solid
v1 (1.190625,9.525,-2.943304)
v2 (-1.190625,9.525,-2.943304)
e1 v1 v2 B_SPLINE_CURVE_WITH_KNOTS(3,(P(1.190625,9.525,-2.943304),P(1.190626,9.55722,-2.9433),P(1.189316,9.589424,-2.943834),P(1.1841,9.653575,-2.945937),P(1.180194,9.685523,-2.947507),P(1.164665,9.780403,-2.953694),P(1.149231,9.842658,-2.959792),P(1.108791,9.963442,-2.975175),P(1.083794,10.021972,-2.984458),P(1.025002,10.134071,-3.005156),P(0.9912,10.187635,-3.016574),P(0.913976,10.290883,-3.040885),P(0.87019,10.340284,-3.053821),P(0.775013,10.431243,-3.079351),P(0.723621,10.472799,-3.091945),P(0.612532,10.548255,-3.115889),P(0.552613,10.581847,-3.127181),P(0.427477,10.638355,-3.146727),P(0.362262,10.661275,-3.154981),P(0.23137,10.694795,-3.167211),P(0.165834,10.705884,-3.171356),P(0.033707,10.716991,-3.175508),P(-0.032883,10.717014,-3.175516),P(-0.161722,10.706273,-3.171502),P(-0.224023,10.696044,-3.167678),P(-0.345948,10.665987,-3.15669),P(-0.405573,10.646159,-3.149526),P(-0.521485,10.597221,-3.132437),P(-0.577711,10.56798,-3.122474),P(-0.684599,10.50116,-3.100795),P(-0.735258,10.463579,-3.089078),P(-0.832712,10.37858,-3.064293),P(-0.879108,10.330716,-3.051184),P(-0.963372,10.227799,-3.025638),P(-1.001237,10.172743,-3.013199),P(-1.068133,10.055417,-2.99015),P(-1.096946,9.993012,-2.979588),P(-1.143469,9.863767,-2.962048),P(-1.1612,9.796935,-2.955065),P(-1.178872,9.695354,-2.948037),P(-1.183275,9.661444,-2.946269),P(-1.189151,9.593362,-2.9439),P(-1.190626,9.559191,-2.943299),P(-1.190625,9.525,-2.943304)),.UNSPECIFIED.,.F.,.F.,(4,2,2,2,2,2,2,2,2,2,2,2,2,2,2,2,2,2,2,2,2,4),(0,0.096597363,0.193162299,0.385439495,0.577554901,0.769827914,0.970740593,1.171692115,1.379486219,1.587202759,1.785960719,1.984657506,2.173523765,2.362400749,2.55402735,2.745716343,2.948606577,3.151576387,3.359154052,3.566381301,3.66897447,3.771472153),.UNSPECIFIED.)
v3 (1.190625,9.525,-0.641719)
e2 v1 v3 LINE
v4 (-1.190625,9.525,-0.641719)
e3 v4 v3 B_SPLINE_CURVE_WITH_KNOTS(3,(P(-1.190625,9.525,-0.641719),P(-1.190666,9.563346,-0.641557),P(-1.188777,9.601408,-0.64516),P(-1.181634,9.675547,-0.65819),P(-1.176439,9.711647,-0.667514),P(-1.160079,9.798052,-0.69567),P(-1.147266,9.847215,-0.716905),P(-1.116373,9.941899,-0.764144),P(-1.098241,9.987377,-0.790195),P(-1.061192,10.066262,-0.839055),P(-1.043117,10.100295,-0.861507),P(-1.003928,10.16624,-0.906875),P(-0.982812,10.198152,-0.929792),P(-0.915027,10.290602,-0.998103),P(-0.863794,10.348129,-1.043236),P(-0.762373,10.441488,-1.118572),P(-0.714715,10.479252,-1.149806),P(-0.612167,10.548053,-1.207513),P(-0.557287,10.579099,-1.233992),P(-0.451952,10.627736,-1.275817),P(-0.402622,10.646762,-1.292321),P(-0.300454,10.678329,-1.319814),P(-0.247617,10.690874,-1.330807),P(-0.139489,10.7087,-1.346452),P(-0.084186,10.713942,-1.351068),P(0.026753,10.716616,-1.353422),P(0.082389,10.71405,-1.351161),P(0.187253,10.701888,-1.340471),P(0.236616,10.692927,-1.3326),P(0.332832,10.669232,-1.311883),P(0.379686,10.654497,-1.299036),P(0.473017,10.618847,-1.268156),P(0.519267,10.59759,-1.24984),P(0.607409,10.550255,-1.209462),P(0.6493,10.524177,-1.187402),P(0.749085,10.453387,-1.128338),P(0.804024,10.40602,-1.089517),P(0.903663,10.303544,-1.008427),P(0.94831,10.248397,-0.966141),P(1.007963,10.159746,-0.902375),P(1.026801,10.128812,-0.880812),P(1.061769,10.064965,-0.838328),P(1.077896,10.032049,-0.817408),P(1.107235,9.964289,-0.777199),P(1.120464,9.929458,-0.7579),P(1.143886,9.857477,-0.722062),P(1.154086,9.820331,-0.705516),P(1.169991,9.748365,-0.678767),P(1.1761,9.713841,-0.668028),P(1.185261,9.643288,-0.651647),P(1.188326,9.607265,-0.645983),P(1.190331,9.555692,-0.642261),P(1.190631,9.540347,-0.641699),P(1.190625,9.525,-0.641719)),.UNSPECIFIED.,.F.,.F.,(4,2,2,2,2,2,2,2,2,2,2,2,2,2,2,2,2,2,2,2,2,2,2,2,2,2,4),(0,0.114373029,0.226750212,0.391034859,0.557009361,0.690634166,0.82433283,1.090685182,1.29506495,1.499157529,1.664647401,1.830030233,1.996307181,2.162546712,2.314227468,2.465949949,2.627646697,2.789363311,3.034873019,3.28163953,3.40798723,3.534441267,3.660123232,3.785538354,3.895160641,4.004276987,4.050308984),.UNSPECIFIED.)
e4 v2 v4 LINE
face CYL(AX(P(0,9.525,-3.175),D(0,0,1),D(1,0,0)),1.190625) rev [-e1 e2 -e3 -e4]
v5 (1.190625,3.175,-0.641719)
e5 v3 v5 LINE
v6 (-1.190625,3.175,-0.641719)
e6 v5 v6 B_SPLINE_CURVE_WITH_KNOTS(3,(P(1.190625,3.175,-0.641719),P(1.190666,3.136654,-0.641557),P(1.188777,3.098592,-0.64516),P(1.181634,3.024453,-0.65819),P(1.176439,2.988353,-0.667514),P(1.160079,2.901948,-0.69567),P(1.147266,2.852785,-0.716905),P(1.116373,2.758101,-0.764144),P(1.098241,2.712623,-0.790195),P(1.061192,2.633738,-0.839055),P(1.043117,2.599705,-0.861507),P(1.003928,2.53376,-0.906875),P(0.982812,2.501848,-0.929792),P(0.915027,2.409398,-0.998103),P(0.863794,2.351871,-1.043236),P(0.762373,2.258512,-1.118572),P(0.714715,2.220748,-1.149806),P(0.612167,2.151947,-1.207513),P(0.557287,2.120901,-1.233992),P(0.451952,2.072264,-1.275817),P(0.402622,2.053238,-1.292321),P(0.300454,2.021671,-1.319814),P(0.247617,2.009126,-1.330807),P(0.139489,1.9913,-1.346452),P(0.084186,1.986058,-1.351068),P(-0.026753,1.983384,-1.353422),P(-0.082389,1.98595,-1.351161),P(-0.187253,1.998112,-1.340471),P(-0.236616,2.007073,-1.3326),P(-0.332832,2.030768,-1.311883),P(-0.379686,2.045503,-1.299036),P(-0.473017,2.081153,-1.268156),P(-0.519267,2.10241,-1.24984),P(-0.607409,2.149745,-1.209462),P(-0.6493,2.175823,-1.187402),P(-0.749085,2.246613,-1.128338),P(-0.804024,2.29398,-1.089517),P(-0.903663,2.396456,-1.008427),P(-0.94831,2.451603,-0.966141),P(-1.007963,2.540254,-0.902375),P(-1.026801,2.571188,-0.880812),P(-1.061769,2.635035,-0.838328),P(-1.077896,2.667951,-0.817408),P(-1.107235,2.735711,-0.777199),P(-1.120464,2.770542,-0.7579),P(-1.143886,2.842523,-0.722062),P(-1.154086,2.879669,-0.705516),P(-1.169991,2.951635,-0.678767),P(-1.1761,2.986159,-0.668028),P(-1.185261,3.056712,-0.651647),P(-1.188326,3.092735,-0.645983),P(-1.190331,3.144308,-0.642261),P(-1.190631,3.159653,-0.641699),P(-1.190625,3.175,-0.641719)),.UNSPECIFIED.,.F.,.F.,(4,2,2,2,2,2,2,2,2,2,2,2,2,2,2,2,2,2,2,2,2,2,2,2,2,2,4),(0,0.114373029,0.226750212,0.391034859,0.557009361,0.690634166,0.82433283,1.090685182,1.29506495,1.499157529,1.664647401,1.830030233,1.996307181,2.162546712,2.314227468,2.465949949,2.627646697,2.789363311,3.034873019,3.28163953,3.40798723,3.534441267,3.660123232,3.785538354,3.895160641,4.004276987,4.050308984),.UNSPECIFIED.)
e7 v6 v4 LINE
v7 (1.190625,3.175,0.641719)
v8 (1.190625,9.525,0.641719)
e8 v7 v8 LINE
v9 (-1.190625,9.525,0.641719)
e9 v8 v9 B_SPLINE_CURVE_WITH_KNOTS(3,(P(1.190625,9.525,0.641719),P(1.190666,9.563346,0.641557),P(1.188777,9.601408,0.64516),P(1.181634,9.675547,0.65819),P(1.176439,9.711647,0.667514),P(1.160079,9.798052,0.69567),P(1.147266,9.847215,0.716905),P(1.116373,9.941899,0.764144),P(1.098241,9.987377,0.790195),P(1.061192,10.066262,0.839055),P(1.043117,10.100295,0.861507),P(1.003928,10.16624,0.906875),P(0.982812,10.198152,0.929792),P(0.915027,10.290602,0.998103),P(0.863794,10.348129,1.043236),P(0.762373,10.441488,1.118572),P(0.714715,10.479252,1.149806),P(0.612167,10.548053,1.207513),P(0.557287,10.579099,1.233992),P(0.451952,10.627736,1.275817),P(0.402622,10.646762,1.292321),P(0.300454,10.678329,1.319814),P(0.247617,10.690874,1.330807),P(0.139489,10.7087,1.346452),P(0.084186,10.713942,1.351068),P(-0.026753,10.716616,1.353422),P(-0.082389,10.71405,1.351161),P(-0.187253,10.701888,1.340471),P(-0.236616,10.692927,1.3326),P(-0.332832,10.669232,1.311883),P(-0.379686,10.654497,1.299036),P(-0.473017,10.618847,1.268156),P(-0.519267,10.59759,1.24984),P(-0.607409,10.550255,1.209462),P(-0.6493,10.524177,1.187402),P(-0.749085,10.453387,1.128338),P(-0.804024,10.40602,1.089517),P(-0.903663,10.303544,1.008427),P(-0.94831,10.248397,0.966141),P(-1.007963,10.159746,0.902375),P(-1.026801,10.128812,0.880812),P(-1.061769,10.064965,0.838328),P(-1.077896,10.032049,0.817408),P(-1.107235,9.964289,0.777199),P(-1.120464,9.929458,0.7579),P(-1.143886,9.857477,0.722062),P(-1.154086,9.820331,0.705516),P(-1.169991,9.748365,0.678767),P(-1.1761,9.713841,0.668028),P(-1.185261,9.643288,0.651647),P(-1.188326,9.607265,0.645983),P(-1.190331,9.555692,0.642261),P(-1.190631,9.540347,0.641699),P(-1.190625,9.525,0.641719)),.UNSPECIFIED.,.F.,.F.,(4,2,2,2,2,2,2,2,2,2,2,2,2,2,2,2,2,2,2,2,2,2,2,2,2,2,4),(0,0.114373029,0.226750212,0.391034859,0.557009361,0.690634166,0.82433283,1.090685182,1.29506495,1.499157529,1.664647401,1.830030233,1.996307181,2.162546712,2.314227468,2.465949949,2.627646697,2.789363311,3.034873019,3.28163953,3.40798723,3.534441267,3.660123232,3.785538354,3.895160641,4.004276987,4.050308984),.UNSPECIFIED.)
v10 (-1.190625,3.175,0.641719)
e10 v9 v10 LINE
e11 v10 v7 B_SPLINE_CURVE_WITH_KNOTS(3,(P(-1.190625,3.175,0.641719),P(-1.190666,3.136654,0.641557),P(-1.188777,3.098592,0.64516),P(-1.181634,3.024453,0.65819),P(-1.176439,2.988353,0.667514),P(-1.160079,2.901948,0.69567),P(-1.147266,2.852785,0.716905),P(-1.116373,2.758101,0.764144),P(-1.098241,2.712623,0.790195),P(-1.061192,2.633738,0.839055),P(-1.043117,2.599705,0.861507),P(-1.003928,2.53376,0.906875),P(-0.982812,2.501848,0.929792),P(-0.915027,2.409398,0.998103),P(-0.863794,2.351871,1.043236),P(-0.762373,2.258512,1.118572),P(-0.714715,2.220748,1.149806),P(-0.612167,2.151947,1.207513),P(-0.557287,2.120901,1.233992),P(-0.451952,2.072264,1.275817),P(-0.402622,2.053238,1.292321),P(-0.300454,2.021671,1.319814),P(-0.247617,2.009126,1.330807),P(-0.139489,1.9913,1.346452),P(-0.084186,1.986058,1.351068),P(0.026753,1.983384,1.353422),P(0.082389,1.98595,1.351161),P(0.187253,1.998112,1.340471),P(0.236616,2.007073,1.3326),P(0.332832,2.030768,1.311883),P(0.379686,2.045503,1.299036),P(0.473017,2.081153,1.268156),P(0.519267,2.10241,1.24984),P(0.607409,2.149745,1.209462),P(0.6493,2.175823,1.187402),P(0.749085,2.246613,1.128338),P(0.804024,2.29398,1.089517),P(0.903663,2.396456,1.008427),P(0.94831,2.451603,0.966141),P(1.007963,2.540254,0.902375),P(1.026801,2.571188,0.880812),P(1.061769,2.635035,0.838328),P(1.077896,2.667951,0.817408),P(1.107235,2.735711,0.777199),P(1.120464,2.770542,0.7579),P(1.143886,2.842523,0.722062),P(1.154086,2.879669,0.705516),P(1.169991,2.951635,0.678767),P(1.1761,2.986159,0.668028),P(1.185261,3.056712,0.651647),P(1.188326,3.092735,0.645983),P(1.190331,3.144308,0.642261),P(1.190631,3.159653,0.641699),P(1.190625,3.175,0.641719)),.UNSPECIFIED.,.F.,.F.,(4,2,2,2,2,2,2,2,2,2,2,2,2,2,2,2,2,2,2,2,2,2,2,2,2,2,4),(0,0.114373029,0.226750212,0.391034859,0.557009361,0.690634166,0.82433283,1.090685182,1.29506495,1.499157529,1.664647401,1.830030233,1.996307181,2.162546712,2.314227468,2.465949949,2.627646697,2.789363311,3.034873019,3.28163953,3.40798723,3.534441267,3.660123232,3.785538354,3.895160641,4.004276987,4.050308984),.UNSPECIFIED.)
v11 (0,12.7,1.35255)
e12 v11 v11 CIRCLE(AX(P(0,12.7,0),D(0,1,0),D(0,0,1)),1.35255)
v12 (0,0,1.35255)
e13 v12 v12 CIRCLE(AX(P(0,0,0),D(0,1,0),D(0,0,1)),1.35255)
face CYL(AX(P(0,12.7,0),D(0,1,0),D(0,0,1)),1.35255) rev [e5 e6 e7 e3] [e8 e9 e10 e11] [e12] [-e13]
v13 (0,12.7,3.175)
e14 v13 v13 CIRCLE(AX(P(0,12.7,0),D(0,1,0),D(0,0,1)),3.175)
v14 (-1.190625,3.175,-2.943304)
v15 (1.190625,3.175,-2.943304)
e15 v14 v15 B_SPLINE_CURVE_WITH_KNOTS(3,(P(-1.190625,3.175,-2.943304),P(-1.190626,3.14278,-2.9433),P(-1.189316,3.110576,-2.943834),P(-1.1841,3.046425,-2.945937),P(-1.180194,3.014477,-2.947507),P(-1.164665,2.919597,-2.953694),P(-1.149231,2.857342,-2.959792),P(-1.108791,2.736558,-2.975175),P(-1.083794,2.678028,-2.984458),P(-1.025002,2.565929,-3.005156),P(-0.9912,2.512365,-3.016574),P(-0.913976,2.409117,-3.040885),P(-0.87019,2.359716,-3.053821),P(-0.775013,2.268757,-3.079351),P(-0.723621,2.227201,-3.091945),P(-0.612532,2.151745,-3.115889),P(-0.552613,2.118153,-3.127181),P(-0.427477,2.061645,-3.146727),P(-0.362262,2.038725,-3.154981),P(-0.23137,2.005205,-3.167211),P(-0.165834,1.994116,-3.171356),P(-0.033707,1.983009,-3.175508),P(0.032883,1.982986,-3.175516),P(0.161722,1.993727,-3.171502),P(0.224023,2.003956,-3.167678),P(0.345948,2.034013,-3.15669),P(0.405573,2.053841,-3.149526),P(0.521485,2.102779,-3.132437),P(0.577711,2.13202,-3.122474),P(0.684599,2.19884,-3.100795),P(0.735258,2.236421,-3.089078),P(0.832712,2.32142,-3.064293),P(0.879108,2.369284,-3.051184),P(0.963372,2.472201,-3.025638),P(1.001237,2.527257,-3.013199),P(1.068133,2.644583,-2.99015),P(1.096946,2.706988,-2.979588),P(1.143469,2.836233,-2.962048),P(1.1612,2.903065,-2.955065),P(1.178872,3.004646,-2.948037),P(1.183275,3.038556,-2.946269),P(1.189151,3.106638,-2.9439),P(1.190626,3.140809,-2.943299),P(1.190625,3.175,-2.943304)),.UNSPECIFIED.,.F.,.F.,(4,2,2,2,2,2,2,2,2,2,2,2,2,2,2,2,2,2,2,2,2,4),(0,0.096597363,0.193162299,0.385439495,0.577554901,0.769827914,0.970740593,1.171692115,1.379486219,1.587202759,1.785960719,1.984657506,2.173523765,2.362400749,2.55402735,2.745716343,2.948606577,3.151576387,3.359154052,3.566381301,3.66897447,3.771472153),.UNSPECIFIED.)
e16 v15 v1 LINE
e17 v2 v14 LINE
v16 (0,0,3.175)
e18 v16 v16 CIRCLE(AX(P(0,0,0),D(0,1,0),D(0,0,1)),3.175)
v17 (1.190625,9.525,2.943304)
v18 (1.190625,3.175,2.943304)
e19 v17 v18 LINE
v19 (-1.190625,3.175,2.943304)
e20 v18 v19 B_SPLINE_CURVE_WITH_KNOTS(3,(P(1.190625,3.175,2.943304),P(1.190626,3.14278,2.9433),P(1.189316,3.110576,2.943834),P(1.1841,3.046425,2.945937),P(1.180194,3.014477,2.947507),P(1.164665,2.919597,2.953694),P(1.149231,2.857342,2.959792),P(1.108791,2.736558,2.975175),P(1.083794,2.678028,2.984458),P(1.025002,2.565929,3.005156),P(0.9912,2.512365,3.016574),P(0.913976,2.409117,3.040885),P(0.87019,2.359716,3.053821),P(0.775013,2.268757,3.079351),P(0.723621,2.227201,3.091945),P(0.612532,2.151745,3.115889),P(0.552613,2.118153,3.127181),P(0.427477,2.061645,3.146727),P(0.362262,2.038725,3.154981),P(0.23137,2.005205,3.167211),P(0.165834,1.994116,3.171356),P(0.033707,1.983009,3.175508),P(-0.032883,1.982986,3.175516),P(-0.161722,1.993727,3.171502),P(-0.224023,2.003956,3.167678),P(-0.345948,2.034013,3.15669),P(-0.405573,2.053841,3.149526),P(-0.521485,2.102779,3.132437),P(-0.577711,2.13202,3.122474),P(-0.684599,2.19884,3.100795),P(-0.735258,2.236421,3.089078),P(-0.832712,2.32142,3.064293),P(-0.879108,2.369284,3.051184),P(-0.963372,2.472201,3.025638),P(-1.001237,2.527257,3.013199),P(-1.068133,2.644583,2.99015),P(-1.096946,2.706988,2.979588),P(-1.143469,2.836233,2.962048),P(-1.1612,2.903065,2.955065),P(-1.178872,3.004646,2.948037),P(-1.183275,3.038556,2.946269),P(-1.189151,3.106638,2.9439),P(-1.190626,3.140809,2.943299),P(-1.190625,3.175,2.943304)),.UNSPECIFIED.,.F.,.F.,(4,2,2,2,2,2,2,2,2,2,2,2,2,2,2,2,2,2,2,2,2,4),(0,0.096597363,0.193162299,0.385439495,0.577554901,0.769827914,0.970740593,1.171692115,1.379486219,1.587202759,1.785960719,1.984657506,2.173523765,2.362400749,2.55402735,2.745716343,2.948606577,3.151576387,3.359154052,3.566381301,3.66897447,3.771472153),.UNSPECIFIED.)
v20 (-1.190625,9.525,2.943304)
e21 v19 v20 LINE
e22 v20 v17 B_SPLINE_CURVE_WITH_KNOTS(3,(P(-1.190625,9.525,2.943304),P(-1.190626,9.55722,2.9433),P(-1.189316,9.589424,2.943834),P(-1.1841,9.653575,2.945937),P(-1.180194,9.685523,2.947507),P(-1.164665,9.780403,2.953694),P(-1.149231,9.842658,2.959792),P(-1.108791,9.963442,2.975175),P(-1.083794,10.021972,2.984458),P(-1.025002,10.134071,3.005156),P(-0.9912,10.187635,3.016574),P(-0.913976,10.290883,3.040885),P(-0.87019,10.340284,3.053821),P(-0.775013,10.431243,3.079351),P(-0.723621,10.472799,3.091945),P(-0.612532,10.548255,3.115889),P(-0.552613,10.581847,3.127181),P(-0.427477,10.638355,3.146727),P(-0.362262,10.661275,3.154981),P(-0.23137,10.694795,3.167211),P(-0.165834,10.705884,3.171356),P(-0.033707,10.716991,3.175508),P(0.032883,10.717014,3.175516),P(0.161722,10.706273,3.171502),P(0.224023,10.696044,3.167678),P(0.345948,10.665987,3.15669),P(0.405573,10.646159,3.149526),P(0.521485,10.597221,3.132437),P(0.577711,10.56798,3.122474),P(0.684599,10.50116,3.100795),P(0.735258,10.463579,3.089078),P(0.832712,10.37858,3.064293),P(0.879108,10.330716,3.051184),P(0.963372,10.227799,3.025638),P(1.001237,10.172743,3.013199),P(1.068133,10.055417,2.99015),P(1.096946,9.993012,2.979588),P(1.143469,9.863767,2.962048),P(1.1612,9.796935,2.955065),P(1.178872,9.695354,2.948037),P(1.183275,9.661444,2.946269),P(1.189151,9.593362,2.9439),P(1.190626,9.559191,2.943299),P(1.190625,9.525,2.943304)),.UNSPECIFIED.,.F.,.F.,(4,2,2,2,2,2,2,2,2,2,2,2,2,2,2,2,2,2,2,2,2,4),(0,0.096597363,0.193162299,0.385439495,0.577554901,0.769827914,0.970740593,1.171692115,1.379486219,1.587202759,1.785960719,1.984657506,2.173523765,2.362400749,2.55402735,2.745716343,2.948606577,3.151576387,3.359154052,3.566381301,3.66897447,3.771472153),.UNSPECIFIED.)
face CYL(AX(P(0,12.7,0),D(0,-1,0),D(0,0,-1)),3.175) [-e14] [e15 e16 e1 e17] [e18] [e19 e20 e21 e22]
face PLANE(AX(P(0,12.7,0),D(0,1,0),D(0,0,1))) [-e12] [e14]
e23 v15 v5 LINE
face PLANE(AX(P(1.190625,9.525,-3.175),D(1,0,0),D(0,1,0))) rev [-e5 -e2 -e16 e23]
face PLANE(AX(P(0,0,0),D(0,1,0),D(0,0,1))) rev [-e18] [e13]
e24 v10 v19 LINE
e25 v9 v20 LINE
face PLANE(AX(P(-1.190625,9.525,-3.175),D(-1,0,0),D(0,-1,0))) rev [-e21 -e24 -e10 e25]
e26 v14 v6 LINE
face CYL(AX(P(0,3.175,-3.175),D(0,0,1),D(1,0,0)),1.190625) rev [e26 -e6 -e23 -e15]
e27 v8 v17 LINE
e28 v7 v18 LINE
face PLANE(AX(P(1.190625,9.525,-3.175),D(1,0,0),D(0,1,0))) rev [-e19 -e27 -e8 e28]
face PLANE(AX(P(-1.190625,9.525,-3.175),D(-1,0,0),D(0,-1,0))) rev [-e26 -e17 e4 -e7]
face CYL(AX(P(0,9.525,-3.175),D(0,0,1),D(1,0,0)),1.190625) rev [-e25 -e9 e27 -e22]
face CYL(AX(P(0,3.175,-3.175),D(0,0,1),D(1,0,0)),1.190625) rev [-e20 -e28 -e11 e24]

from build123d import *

# Parameters (mm, degrees)
SKETCH1_R                 = 3.175
BOSS_EXTRUDE1_DEPTH       = 12.7
TAP_DRILL_FOR_6_32_TAP1_D = 2.7051
CUT_EXTRUDE1_DEPTH        = 14.470384182
CUT_EXTRUDE1_DEPTH_BACK   = 14.470384182


with BuildPart() as part:
    # Sketch1 → Boss-Extrude1 (new body)
    with BuildSketch(Plane(origin=(0, 0, 0), x_dir=(1, 0, 0), z_dir=(0, 1, 0))):
        with Locations(Location((0, 0, 0), (0, 0, 270))):
            Circle(SKETCH1_R)
    extrude(amount=BOSS_EXTRUDE1_DEPTH)

    # Tap Drill for #6-32 Tap1 (through all)
    with Locations(Plane(origin=(0, 12.7, 0), x_dir=(1, 0, 0), z_dir=(0, 1, 0))):
        with Locations((0, 0)):
            Hole(TAP_DRILL_FOR_6_32_TAP1_D / 2)

    # Sketch4 → Cut-Extrude1 (cut, two sides: drawn at the far end of the back side and taken through both)
    with BuildSketch(Plane.XY.offset(-CUT_EXTRUDE1_DEPTH_BACK)):
        with BuildLine():
            Line((1.190625, 9.525), (1.190625, 3.175))
            ThreePointArc((1.190625, 3.175), (0, 1.984375), (-1.190625, 3.175))
            Line((-1.190625, 3.175), (-1.190625, 9.525))
            ThreePointArc((-1.190625, 9.525), (0, 10.715625), (1.190625, 9.525))
        make_face()
    extrude(amount=CUT_EXTRUDE1_DEPTH + CUT_EXTRUDE1_DEPTH_BACK, mode=Mode.SUBTRACT)


solid = part.part
